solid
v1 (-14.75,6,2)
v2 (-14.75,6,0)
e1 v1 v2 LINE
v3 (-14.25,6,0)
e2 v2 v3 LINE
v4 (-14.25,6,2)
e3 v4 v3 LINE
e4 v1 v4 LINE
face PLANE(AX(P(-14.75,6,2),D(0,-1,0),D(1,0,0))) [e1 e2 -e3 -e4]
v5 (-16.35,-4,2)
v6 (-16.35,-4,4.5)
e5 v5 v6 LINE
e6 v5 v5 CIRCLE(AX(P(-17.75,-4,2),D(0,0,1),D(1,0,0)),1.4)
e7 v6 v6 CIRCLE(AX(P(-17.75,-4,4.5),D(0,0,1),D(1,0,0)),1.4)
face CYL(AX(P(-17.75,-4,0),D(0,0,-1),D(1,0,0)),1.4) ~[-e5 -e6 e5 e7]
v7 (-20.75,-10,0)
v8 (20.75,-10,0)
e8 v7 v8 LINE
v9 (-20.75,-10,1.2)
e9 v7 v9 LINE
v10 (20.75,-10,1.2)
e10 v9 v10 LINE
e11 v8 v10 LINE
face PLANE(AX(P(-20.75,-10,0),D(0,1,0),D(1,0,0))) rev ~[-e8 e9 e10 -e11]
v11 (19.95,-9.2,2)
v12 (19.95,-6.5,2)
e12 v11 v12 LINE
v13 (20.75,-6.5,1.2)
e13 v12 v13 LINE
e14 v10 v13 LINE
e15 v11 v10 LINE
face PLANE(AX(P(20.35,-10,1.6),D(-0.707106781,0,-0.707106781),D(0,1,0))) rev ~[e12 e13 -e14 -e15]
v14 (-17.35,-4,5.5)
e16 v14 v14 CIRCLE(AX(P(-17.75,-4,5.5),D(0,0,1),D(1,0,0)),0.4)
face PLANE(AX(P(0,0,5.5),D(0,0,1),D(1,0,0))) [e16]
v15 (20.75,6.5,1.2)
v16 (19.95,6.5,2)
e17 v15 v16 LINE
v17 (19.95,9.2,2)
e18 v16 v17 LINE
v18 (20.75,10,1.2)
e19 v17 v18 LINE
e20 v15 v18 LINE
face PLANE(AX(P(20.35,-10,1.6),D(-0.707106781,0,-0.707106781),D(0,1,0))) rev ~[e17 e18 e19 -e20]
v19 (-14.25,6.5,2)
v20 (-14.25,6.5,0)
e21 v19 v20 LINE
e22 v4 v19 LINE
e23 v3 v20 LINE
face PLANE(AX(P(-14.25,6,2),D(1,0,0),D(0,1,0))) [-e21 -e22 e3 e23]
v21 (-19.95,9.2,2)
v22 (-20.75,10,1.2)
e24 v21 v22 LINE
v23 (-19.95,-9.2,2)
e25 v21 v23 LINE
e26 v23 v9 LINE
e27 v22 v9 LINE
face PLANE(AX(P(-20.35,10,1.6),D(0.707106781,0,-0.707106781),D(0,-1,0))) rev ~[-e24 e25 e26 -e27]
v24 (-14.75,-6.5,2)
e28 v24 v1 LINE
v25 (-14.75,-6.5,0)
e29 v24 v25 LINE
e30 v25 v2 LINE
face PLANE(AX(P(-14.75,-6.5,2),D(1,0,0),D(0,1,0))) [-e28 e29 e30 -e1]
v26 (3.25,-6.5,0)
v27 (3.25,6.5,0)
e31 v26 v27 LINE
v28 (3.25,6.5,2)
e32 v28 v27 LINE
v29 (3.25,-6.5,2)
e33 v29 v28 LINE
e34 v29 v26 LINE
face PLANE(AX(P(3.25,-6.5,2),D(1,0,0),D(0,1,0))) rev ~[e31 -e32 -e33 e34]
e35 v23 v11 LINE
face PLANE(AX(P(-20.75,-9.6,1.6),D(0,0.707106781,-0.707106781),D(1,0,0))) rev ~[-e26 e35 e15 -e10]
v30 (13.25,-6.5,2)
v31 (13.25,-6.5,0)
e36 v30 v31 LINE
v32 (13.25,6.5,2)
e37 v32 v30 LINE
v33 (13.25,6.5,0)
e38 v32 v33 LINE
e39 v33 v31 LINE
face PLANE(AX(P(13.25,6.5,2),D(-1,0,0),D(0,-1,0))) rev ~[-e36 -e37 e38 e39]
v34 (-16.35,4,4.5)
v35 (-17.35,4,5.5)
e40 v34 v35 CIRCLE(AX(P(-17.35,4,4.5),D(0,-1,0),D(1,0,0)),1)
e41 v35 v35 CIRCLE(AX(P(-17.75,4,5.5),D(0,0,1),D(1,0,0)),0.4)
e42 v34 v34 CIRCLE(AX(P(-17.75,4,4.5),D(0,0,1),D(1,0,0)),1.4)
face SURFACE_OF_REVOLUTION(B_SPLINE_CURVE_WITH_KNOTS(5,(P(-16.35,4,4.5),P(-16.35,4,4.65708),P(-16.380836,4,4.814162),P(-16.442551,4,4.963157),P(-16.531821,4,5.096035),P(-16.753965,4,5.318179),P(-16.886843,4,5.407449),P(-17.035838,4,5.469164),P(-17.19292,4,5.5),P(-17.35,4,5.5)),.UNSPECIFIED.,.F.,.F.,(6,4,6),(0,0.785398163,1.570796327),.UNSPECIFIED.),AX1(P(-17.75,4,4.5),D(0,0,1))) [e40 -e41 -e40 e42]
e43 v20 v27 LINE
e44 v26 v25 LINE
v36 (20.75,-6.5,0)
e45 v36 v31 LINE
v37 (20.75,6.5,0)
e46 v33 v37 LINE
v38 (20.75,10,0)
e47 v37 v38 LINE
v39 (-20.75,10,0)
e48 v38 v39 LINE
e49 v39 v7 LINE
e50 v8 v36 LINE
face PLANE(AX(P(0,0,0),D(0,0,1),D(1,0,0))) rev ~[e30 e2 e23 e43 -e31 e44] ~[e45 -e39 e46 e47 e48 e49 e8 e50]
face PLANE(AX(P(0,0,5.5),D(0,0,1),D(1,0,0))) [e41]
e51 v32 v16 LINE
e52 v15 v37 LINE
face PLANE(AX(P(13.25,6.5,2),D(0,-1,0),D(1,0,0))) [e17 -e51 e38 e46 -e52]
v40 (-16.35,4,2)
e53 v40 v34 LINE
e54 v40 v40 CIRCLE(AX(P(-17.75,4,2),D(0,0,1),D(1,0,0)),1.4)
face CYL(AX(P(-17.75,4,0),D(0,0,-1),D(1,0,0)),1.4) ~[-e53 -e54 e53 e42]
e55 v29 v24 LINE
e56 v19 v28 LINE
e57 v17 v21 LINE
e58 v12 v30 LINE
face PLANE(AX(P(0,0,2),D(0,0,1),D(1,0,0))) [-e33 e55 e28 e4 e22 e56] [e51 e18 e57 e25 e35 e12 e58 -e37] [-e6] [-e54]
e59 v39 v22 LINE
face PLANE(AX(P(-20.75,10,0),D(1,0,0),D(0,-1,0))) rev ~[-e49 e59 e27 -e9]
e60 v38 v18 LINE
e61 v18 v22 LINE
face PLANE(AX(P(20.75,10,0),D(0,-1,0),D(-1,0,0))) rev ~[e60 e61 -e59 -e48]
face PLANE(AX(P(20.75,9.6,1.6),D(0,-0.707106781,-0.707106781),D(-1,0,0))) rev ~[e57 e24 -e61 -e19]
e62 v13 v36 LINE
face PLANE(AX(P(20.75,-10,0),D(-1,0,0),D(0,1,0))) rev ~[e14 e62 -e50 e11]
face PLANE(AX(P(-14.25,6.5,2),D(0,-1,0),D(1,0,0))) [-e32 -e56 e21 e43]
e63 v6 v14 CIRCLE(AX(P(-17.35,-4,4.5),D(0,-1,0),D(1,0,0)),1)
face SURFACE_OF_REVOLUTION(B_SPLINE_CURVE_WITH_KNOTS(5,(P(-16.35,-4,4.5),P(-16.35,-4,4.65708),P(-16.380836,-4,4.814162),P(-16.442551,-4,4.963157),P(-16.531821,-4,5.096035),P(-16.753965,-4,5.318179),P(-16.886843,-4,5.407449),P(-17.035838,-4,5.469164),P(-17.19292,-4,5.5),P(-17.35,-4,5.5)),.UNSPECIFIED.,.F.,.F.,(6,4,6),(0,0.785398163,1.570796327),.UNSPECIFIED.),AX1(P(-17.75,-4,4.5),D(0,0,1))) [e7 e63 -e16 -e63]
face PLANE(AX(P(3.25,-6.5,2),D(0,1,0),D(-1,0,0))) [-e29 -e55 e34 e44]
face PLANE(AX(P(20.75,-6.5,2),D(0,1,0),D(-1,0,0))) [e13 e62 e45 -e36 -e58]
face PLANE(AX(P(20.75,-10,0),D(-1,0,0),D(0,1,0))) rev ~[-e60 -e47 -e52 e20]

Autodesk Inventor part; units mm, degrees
ref_plane "YZ Plane" through (0, 0, 0) normal (1, 0, 0) x (0, 1, 0)
ref_plane "XZ Plane" through (0, 0, 0) normal (0, 1, 0) x (-1, 0, 0)
ref_plane "XY Plane" through (0, 0, 0) normal (0, 0, 1) x (1, 0, 0)
sketch "Sketch1" plane through (0, 0, 0) normal (0, 0, 1) x (1, 0, 0)
  line L0 (-20.75, -10) -> (20.75, -10)
  line L1 (20.75, -10) -> (20.75, 10)
  line L2 (20.75, 10) -> (-20.75, 10)
  line L3 (-20.75, 10) -> (-20.75, -10)
  line L4 (-20.75, -10) -> (20.75, 10) construction
  line L5 (20.75, -10) -> (-20.75, 10) construction
  circle A0 centre (-17.75, 4) radius 1.4
  circle A1 centre (-17.75, -4) radius 1.4
  point P0 (0, 0)
  dimension "d0" = 41.5
  dimension "d1" = 20
  dimension "d2" = 2.8
  dimension "d3" = 2.8
  dimension "d4" = 6
  dimension "d5" = 6
  dimension "d6" = 3
  dimension "d7" = 3
extrude "Extrusion1" add sketch "Sketch1" along normal blind 2
extrude "Extrusion2" add sketch "Sketch1" along normal blind 5.5 contours A0 | A1
fillet "Fillet1" radius 1 2 edges at (-19.15, -4, 5.5) (-19.15, 4, 5.5)
chamfer "Chamfer1" distance 0.8 angle 45 4 edges at (-20.75, 0, 2) (0, 10, 2) (0, -10, 2) (20.75, 0, 2)
sketch "Sketch2" plane through (0, 0, 2) normal (0, 0, 1) x (1, 0, 0)
  line L0 (20.75, -10) -> (20.75, 10) projected
  line L1 (20.75, -6.5) -> (-14.25, -6.5)
  line L2 (-14.25, -6.5) -> (-14.25, 6.5)
  line L3 (-14.25, 6.5) -> (20.75, 6.5)
  line L4 (20.75, 6.5) -> (20.75, -6.5)
  line L5 (20.75, 10) -> (-20.75, 10) projected
  line L6 (-20.75, -10) -> (20.75, -10) projected
  line L7 (-20.75, 10) -> (-20.75, -10) projected
  line L8 (20.75, 6.5) -> (13.25, 6.5)
  line L9 (13.25, 6.5) -> (13.25, -6.5)
  line L10 (13.25, -6.5) -> (20.75, -6.5)
  line L11 (20.75, -6.5) -> (20.75, 6.5)
  line L12 (13.25, -6.5) -> (3.25, -6.5)
  line L13 (3.25, -6.5) -> (3.25, 6.5)
  line L14 (3.25, 6.5) -> (13.25, 6.5)
  line L15 (13.25, 6.5) -> (13.25, -6.5)
  line L16 (-14.25, -6.5) -> (-14.75, -6.5)
  line L17 (-14.75, -6.5) -> (-14.75, 6)
  line L18 (-14.75, 6) -> (-14.25, 6)
  line L19 (-14.25, 6) -> (-14.25, -6.5)
  point P0 (0, 0)
  point P1 (20.75, 6.5)
  point P2 (3.25, -6.5)
  point P3 (-14.5, 6)
  point P4 (-14.5, 6)
  dimension "d16" = 3.5
  dimension "d17" = 3.5
  dimension "d18" = 6.5
  dimension "d19" = 7.5
  dimension "d20" = 10
  dimension "d23" = 0.5
extrude "Extrusion3" cut sketch "Sketch2" against normal blind 2.5 contours L1 L9 L3 L0 | L1 L2 L3 L13 | L16 L17 L18 L2
properties part number "Modules_cover"
